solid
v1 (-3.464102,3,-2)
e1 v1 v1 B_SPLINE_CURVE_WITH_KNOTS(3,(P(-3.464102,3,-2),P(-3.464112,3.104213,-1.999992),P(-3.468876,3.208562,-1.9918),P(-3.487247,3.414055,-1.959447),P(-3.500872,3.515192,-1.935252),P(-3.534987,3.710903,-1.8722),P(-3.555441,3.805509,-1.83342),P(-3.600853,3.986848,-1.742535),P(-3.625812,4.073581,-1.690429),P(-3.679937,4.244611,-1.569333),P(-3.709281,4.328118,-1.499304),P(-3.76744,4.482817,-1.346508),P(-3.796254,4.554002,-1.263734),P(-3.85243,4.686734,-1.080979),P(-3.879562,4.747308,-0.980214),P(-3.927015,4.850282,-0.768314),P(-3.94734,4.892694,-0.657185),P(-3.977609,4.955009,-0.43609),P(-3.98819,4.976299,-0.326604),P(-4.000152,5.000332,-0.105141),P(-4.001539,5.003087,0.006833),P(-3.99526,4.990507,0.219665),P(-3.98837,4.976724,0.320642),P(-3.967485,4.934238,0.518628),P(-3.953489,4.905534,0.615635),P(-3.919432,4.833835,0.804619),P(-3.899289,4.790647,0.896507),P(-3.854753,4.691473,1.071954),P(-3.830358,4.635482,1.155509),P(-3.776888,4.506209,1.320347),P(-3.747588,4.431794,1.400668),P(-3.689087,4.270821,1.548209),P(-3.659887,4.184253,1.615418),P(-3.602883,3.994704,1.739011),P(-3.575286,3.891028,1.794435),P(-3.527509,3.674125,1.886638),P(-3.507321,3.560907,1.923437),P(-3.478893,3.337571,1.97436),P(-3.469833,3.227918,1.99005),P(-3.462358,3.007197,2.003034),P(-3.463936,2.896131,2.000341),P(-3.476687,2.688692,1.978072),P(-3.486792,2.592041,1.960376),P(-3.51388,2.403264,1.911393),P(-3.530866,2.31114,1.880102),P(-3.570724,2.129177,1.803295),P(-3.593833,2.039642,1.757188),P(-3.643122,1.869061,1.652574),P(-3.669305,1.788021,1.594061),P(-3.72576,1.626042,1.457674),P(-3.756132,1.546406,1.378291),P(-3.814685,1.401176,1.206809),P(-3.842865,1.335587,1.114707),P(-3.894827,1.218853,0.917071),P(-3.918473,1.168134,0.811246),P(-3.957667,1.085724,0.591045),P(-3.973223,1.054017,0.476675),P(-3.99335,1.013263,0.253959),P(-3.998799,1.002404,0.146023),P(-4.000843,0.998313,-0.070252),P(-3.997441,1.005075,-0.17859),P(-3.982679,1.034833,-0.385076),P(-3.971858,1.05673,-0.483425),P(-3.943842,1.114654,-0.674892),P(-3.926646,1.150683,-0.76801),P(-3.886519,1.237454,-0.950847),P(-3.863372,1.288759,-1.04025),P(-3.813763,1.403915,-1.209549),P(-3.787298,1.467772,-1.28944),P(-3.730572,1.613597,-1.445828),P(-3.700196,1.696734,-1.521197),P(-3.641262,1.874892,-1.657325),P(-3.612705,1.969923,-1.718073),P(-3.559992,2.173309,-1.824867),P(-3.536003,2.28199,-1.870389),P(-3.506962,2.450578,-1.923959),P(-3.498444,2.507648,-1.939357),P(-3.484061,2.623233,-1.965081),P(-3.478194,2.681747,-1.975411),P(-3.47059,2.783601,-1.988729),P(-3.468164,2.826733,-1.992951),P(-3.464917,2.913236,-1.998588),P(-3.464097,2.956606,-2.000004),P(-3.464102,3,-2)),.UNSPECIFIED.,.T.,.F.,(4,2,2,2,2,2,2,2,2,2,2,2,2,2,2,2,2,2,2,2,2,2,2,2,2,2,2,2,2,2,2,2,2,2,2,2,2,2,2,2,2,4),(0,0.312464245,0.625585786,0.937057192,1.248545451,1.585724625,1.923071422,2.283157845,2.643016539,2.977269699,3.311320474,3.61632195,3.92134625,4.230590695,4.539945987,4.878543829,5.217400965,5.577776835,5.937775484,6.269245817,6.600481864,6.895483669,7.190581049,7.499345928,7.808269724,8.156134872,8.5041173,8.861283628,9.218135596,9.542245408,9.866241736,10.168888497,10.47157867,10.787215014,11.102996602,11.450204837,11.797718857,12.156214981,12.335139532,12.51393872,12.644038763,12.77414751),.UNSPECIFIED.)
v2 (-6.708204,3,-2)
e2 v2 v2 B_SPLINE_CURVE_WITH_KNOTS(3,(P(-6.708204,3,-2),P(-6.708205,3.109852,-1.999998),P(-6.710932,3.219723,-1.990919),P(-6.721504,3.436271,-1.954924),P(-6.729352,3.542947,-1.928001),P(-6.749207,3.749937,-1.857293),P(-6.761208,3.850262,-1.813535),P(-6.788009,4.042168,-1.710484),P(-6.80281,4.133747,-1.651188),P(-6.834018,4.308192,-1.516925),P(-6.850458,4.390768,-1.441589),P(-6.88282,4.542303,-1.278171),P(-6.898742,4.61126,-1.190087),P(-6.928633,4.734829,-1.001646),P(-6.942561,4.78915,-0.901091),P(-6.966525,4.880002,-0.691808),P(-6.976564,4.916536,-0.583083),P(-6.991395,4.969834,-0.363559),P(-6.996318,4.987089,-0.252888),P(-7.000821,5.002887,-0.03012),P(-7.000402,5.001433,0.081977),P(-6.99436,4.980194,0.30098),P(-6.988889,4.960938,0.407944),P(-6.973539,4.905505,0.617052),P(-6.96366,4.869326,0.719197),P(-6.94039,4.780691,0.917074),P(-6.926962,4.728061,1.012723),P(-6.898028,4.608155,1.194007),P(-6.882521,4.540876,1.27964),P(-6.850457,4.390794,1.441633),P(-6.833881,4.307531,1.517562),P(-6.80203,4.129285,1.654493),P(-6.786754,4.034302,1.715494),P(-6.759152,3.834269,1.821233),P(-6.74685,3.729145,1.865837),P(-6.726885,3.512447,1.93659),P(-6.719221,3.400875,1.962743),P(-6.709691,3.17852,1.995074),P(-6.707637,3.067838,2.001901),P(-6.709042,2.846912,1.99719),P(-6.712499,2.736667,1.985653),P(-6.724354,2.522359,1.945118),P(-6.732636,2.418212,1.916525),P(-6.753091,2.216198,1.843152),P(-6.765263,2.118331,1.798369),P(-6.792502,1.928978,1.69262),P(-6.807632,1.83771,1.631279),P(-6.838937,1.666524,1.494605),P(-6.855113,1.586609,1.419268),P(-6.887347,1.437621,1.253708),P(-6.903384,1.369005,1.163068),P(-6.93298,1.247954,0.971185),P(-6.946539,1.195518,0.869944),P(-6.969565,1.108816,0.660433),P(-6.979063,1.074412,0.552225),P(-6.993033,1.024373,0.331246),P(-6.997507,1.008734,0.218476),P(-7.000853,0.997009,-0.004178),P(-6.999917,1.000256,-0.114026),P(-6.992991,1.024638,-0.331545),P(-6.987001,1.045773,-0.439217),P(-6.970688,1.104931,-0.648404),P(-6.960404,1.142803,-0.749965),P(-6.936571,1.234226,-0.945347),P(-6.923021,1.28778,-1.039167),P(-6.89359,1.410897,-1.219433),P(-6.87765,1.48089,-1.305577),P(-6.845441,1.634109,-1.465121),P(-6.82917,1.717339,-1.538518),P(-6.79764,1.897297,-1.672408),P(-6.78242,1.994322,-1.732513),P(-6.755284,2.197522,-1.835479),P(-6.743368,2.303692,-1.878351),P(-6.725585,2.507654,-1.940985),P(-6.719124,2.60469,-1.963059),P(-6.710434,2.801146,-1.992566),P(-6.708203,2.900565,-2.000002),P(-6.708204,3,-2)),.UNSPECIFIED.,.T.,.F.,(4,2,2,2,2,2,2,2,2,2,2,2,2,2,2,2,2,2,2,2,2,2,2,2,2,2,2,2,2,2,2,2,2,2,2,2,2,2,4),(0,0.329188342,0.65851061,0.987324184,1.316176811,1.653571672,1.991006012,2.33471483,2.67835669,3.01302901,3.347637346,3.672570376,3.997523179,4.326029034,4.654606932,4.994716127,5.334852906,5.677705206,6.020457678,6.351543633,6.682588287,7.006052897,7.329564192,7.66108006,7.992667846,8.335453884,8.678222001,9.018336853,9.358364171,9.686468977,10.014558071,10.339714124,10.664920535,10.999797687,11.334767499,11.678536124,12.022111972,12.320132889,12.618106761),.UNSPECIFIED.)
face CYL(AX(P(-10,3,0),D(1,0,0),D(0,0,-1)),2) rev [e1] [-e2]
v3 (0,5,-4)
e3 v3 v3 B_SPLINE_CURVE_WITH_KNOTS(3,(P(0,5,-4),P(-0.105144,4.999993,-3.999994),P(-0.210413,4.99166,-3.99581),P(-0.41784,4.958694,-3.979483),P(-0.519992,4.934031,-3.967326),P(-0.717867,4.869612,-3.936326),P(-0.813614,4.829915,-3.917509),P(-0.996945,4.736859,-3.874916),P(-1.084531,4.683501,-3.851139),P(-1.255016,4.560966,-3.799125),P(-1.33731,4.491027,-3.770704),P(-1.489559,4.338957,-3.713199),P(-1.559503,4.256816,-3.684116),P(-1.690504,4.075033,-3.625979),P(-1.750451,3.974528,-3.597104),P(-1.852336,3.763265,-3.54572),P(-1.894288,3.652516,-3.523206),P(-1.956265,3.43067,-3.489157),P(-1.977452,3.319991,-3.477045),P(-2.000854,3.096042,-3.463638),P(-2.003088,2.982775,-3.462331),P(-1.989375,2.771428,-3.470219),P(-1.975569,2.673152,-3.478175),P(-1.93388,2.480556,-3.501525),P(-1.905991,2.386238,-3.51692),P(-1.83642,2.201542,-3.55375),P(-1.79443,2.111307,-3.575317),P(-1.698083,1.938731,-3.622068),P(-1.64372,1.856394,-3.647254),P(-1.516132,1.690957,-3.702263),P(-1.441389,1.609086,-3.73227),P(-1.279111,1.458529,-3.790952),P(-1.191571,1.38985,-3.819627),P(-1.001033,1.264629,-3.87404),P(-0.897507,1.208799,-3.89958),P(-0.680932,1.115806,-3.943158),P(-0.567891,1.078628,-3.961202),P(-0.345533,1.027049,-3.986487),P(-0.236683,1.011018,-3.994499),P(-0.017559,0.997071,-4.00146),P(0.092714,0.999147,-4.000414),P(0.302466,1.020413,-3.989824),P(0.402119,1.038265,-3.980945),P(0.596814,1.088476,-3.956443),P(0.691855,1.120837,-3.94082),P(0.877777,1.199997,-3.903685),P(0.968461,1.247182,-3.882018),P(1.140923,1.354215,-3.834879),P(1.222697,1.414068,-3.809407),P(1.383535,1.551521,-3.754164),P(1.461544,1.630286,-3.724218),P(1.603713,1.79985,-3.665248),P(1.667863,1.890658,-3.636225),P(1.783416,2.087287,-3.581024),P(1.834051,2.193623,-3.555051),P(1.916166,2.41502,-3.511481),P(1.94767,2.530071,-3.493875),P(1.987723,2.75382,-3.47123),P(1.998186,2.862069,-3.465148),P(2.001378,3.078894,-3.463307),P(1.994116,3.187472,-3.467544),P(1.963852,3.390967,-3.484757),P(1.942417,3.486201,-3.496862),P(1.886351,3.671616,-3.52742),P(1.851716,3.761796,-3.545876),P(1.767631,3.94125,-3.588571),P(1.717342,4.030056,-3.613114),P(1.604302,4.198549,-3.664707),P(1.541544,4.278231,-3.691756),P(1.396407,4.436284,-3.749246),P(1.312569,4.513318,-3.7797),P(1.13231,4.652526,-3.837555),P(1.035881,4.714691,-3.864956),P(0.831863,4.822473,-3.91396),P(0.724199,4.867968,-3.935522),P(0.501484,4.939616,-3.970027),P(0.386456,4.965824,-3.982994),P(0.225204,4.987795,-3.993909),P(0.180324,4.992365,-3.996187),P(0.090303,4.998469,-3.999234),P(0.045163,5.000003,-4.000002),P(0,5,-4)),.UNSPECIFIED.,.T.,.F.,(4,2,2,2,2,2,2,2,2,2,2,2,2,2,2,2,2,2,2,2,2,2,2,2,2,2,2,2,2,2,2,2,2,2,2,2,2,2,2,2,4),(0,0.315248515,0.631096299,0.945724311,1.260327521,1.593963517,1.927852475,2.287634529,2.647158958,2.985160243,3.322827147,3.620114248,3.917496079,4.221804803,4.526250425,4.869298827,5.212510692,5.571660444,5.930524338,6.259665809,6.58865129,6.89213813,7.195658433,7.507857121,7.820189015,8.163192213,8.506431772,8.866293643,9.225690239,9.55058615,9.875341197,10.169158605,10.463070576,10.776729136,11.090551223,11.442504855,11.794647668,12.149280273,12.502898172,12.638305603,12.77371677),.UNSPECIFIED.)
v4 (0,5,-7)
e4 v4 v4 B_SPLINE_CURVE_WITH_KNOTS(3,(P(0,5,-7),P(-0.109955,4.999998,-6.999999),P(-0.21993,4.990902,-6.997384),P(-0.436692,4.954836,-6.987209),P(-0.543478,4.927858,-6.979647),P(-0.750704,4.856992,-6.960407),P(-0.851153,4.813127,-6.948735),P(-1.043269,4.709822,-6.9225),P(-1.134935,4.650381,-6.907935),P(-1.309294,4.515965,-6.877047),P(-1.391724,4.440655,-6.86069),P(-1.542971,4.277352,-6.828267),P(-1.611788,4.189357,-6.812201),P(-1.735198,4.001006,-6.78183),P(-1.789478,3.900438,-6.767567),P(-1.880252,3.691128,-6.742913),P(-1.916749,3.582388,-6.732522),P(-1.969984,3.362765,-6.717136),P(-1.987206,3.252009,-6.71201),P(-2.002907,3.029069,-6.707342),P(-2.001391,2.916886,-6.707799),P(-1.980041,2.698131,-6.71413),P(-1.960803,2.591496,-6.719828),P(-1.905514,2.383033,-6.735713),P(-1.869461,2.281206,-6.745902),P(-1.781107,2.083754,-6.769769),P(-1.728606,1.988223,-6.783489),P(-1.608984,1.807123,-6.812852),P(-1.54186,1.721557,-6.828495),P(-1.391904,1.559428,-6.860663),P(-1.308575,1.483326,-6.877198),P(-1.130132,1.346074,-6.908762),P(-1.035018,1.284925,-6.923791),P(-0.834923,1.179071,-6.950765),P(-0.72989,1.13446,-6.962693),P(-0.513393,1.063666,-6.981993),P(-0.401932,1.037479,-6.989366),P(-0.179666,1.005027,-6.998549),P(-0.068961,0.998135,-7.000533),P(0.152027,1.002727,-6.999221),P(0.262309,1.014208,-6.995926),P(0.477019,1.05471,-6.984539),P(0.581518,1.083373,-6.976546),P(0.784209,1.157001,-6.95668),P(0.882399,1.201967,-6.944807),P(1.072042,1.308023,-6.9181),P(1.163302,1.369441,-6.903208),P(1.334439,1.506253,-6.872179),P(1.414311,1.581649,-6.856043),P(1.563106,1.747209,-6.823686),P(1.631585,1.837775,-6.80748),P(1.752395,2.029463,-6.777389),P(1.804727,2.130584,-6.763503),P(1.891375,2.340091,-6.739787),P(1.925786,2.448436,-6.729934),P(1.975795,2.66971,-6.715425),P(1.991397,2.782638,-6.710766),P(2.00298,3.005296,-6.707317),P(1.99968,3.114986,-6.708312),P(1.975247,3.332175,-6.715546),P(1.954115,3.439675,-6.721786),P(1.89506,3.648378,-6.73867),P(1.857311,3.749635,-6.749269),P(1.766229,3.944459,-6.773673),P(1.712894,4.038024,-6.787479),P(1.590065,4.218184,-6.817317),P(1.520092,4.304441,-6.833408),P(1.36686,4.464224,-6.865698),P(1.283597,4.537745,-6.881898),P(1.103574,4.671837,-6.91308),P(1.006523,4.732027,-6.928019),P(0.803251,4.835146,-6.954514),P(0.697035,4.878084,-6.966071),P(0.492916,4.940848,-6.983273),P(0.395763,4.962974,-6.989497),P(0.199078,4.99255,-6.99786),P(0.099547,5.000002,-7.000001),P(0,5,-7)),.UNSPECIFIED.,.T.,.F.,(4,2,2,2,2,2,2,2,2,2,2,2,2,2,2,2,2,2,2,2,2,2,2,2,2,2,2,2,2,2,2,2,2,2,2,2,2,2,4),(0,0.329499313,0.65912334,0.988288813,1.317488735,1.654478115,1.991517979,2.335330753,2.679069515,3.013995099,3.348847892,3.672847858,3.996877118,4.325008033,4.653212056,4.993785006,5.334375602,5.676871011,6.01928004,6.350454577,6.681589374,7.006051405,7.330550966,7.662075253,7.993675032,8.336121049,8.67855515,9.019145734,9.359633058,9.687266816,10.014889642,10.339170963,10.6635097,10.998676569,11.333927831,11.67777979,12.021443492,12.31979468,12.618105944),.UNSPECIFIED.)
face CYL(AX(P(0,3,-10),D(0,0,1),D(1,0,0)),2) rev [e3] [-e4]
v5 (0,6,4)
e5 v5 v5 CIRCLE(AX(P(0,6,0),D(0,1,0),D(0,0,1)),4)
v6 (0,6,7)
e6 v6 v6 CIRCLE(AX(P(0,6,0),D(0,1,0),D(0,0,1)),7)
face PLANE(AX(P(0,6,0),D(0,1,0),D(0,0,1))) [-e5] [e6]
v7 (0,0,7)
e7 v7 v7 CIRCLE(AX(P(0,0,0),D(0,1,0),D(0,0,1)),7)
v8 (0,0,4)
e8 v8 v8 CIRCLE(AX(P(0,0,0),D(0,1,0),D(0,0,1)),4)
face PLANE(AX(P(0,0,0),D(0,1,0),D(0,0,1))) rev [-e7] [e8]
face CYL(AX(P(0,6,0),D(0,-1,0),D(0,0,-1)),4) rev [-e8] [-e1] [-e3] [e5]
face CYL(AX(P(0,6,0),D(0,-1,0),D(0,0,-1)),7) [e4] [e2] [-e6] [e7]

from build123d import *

# Parameters (mm, degrees)
SKETCH_1_R          = 7
SKETCH_1_R_2        = 4
EXTRUDE_1_DEPTH     = 6
SKETCH_2_R          = 2
CUT_EXTRUDE_1_DEPTH = 10
SKETCH_3_R          = 2
CUT_EXTRUDE_2_DEPTH = 10


with BuildPart() as part:
    # 草图1 → 凸台-拉伸1 (new body)
    with BuildSketch(Plane(origin=(0, 0, 0), x_dir=(1, 0, 0), z_dir=(0, 1, 0))):
        Circle(SKETCH_1_R)
        Circle(SKETCH_1_R_2, mode=Mode.SUBTRACT)
    extrude(amount=EXTRUDE_1_DEPTH)

    # 草图2 → 切除-拉伸1 (cut)
    with BuildSketch(Plane(origin=(0, 0, 0), x_dir=(0, 0, -1), z_dir=(1, 0, 0))):
        with Locations((0, 3)):
            Circle(SKETCH_2_R)
    extrude(amount=-CUT_EXTRUDE_1_DEPTH, mode=Mode.SUBTRACT)

    # 草图3 → 切除-拉伸2 (cut)
    with BuildSketch(Plane.XY):
        with Locations((0, 3)):
            Circle(SKETCH_3_R)
    extrude(amount=-CUT_EXTRUDE_2_DEPTH, mode=Mode.SUBTRACT)


solid = part.part
